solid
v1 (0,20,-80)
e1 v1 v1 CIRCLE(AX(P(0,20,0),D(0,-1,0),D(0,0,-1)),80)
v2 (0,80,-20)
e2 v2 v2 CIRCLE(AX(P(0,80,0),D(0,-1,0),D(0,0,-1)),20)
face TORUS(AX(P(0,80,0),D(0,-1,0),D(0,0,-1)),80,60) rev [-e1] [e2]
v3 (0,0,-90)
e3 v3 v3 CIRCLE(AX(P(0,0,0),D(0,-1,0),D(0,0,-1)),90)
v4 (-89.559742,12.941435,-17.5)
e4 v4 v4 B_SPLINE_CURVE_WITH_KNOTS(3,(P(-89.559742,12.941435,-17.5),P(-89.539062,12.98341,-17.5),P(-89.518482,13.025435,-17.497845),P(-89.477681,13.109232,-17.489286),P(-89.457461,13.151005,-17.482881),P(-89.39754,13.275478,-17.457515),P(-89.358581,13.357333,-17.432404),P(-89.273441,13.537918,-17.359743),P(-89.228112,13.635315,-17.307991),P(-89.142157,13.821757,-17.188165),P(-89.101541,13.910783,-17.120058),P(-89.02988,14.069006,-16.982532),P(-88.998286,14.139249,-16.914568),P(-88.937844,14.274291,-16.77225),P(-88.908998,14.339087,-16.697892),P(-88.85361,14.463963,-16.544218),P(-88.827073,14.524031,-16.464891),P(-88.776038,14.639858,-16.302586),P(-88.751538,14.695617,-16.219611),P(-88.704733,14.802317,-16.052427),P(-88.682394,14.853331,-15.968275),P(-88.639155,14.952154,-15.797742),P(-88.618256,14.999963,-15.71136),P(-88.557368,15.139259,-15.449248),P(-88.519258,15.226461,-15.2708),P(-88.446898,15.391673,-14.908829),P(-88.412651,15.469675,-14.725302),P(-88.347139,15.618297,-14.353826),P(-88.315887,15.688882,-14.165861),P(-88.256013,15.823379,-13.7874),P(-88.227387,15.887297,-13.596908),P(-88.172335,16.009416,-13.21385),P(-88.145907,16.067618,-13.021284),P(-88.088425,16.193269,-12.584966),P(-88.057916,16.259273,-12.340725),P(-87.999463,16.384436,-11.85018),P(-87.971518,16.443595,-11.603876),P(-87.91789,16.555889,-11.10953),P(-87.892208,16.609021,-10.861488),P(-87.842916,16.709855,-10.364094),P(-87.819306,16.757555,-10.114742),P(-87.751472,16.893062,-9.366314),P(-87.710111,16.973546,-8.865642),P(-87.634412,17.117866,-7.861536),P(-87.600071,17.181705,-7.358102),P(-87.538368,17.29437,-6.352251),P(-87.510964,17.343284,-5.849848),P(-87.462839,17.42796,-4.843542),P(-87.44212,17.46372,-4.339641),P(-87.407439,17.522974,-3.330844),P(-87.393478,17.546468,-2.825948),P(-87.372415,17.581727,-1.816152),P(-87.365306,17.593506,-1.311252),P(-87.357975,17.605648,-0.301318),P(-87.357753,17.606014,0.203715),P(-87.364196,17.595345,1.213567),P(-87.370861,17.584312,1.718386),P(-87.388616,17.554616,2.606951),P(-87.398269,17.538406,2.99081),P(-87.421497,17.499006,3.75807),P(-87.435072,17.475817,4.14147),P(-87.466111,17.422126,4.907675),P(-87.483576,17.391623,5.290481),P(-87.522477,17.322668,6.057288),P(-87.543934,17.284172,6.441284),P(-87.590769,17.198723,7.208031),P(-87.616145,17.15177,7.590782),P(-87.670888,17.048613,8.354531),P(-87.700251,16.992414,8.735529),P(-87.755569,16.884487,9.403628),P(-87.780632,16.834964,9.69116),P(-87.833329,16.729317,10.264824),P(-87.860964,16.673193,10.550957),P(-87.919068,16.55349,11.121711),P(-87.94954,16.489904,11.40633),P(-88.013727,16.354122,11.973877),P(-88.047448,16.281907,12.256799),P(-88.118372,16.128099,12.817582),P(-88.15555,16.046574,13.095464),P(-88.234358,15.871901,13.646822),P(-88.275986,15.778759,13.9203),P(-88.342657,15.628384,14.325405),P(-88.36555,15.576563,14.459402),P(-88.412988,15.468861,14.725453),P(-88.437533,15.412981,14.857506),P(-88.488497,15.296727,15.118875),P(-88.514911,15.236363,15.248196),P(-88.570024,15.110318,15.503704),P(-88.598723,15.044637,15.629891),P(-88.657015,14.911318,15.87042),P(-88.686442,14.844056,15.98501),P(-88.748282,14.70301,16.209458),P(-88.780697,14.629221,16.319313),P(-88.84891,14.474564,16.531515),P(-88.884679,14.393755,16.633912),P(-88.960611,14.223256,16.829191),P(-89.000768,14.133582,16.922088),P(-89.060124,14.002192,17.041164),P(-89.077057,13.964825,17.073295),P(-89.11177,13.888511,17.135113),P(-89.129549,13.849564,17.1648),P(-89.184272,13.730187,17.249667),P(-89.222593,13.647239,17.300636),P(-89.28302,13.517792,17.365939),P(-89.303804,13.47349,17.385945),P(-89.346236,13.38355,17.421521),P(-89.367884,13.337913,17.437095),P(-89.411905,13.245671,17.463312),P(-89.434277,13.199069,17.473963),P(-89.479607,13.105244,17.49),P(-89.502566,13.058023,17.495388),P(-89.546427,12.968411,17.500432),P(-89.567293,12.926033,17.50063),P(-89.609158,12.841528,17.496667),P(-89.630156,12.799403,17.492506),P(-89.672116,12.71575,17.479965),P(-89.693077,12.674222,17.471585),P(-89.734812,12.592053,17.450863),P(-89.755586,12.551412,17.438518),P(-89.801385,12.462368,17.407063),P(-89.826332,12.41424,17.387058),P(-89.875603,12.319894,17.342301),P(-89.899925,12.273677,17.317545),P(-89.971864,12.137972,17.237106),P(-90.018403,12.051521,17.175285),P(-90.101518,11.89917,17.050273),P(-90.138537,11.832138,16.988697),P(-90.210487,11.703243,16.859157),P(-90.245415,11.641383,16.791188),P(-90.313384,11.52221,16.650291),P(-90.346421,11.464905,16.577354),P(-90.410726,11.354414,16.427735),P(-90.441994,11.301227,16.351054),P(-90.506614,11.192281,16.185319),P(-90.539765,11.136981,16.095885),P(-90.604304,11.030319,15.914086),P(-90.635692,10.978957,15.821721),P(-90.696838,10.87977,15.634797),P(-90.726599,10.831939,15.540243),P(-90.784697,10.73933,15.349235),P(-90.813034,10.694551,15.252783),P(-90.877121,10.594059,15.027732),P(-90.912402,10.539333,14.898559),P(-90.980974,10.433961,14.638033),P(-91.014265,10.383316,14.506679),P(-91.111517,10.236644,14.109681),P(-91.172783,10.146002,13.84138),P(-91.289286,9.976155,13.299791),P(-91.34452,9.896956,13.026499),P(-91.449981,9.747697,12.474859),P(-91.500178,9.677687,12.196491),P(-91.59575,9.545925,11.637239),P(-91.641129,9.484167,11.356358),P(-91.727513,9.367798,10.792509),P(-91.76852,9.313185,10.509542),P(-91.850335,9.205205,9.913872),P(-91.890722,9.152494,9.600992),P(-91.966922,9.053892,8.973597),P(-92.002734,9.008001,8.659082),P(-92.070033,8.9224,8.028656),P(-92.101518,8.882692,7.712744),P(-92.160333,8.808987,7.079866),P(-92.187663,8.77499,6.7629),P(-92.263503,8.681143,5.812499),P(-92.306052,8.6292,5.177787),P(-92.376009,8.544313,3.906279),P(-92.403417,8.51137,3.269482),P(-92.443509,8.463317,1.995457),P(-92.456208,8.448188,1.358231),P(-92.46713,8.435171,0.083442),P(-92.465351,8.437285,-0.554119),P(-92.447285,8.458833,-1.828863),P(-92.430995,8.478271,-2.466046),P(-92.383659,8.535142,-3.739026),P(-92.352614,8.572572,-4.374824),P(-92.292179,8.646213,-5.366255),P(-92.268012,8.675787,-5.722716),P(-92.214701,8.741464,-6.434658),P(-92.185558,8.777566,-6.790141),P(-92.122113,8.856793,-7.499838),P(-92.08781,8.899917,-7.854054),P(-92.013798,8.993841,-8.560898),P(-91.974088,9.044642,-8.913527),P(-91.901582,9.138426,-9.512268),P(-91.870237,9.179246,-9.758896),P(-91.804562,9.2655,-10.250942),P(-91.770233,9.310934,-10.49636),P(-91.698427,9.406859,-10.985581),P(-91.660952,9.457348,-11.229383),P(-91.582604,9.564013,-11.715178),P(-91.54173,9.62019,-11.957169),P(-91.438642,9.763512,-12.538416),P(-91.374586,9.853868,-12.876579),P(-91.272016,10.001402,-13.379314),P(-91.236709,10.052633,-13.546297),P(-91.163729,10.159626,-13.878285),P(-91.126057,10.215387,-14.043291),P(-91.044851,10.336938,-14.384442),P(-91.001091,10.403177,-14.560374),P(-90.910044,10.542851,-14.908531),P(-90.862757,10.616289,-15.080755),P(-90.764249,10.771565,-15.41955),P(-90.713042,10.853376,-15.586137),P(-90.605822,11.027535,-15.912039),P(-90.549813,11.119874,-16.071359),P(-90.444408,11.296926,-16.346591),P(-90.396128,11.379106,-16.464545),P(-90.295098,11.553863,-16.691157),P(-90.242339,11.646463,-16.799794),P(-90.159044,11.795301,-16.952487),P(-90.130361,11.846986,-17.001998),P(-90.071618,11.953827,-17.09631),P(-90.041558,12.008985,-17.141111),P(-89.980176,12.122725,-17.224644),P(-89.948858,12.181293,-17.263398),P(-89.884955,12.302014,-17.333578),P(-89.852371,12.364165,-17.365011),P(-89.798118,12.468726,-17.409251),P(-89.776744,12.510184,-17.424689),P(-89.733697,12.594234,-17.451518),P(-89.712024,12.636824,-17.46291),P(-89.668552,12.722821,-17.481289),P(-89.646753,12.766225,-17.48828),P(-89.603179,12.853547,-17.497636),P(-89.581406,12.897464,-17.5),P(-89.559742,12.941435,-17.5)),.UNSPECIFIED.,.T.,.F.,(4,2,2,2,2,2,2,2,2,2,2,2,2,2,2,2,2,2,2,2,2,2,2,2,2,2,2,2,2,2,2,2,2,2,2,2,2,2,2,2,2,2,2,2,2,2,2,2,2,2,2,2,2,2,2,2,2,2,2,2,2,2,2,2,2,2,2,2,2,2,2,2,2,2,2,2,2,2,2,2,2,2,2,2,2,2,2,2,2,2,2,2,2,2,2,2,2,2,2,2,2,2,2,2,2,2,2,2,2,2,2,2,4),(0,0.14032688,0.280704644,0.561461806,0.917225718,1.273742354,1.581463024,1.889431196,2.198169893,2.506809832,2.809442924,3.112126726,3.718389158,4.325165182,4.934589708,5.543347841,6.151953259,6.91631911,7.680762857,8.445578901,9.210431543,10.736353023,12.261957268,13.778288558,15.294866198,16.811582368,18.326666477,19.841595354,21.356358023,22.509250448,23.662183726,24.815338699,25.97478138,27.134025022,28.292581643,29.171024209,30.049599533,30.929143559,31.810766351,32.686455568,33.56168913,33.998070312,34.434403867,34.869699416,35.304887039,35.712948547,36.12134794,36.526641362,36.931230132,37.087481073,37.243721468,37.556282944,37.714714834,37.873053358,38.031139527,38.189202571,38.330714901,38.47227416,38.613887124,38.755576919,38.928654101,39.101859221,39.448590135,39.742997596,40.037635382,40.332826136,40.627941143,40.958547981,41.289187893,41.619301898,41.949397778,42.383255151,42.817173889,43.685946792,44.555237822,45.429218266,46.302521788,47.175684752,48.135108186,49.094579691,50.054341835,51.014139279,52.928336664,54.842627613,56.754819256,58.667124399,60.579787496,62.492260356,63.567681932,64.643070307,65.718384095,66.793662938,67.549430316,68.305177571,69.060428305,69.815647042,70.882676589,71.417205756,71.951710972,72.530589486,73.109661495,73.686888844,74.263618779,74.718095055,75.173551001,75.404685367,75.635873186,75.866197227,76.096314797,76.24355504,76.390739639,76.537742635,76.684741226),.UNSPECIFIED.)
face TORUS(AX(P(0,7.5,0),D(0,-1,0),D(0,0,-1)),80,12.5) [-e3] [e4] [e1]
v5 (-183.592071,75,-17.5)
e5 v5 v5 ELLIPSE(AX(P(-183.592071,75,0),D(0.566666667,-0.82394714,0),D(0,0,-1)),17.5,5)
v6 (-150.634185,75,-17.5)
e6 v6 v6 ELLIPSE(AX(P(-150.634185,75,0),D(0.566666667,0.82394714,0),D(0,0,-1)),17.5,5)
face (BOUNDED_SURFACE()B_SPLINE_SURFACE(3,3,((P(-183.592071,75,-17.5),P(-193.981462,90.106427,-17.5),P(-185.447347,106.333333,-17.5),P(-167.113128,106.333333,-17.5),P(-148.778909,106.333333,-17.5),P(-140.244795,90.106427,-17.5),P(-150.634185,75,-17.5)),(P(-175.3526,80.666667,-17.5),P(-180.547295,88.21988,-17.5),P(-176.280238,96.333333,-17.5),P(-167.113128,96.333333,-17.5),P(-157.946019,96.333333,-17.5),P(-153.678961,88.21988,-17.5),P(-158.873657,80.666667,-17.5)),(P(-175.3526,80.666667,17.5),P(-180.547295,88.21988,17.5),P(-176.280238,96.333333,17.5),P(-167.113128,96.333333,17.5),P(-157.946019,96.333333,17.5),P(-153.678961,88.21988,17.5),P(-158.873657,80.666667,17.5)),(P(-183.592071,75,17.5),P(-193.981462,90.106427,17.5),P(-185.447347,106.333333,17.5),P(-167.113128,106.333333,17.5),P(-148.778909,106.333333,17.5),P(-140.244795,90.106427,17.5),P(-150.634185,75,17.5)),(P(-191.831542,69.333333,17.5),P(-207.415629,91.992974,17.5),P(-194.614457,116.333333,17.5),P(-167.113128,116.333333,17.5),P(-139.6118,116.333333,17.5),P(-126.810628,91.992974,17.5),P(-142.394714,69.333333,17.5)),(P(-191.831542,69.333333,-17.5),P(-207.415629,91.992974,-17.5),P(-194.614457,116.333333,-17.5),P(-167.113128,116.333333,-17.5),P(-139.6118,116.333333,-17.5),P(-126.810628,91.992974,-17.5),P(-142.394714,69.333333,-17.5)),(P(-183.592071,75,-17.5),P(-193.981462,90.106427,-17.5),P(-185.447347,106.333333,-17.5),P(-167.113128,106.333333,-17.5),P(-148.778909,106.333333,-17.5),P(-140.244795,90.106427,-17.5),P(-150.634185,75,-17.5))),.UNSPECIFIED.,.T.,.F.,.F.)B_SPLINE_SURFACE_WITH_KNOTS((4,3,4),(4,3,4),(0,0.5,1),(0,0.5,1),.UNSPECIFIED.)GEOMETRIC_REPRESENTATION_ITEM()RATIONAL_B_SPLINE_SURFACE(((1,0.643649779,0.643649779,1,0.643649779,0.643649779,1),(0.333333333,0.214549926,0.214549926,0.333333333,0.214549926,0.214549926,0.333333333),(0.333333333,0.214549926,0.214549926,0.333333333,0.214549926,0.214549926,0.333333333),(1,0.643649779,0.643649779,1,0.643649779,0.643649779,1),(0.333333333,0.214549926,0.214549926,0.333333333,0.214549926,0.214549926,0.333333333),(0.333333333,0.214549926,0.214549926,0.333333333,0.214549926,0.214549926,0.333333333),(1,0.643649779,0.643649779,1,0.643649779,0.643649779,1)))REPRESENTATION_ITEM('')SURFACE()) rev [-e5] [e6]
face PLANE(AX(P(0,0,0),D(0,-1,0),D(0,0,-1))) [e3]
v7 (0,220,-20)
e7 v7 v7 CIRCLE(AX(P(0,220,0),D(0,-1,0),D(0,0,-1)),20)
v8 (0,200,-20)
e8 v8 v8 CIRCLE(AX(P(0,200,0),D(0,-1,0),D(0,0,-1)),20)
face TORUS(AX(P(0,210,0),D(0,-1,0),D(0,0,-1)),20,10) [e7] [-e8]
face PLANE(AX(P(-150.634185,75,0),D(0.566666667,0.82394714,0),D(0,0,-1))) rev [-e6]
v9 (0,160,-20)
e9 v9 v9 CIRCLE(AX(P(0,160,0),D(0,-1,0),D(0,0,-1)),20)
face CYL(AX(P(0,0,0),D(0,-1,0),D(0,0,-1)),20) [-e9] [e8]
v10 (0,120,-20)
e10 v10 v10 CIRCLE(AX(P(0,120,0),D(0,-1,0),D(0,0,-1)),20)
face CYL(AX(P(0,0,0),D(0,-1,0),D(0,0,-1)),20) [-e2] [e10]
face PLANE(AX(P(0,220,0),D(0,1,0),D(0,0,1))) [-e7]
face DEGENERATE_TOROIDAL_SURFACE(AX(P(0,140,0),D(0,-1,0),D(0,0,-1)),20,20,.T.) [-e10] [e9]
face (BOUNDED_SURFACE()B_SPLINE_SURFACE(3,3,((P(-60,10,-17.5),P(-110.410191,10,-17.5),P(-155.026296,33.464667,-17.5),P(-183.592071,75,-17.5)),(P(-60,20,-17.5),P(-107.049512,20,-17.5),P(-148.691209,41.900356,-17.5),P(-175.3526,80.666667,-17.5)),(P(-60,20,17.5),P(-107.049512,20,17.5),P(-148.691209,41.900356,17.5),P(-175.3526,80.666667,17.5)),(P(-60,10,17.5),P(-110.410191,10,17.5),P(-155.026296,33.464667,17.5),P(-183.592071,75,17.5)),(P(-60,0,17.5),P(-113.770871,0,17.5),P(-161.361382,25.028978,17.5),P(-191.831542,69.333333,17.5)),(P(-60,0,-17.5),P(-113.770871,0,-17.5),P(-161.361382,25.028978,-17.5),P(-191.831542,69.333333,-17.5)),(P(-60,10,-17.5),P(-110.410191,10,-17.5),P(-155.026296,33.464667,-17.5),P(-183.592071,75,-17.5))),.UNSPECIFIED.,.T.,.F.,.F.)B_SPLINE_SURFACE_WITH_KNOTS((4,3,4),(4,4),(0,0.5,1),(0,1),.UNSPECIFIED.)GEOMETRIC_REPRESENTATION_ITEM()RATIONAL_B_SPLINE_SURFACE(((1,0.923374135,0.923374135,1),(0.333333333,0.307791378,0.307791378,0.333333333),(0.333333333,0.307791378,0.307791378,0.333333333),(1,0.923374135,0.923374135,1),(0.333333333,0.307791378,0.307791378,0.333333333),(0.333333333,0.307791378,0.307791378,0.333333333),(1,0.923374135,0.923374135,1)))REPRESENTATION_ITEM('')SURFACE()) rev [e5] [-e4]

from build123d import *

# Parameters (mm, degrees)
SKETCH3_RX = 17.5
SKETCH3_RY = 5


with BuildPart() as part:
    # Sketch1 → Revolve1 (revolve)
    with BuildSketch(Plane.XY, mode=Mode.PRIVATE) as revolve1_sk:
        with BuildLine():
            Line((0, 0), (90, 0))
            ThreePointArc((90, 0), (91.180339887, 13.090169944), (80, 20))
            ThreePointArc((80, 20), (37.573593129, 37.573593129), (20, 80))
            Line((20, 80), (20, 120))
            ThreePointArc((20, 120), (40, 140), (20, 160))
            Line((20, 160), (20, 200))
            ThreePointArc((20, 200), (30, 210), (20, 220))
            Line((20, 220), (0, 220))
            Line((0, 220), (0, 0))
        make_face()
    revolve(revolve1_sk.sketch.rotate(Axis((0, 0, 0), (0, 1, 0)), 90), axis=Axis((0, 0, 0), (0, 1, 0)))

    # Sweep1: sweep along a path in Sketch2
    with BuildLine(Plane.XY) as sweep1_path:
        Line((0, 10), (-60, 10))
        ThreePointArc((-60, 10), (-129.821200219, 27.240819526), (-183.592070943, 75))
        ThreePointArc((-183.592070943, 75), (-167.113128151, 106.333333333), (-150.634185358, 75))
    # Sketch3 → Sweep1 (sweep)
    with BuildSketch(Plane(origin=(0, 0, 0), x_dir=(0, 0, -1), z_dir=(1, 0, 0))):
        with Locations((0, 10)):
            Ellipse(SKETCH3_RX, SKETCH3_RY)
    sweep(path=sweep1_path.line)


solid = part.part
